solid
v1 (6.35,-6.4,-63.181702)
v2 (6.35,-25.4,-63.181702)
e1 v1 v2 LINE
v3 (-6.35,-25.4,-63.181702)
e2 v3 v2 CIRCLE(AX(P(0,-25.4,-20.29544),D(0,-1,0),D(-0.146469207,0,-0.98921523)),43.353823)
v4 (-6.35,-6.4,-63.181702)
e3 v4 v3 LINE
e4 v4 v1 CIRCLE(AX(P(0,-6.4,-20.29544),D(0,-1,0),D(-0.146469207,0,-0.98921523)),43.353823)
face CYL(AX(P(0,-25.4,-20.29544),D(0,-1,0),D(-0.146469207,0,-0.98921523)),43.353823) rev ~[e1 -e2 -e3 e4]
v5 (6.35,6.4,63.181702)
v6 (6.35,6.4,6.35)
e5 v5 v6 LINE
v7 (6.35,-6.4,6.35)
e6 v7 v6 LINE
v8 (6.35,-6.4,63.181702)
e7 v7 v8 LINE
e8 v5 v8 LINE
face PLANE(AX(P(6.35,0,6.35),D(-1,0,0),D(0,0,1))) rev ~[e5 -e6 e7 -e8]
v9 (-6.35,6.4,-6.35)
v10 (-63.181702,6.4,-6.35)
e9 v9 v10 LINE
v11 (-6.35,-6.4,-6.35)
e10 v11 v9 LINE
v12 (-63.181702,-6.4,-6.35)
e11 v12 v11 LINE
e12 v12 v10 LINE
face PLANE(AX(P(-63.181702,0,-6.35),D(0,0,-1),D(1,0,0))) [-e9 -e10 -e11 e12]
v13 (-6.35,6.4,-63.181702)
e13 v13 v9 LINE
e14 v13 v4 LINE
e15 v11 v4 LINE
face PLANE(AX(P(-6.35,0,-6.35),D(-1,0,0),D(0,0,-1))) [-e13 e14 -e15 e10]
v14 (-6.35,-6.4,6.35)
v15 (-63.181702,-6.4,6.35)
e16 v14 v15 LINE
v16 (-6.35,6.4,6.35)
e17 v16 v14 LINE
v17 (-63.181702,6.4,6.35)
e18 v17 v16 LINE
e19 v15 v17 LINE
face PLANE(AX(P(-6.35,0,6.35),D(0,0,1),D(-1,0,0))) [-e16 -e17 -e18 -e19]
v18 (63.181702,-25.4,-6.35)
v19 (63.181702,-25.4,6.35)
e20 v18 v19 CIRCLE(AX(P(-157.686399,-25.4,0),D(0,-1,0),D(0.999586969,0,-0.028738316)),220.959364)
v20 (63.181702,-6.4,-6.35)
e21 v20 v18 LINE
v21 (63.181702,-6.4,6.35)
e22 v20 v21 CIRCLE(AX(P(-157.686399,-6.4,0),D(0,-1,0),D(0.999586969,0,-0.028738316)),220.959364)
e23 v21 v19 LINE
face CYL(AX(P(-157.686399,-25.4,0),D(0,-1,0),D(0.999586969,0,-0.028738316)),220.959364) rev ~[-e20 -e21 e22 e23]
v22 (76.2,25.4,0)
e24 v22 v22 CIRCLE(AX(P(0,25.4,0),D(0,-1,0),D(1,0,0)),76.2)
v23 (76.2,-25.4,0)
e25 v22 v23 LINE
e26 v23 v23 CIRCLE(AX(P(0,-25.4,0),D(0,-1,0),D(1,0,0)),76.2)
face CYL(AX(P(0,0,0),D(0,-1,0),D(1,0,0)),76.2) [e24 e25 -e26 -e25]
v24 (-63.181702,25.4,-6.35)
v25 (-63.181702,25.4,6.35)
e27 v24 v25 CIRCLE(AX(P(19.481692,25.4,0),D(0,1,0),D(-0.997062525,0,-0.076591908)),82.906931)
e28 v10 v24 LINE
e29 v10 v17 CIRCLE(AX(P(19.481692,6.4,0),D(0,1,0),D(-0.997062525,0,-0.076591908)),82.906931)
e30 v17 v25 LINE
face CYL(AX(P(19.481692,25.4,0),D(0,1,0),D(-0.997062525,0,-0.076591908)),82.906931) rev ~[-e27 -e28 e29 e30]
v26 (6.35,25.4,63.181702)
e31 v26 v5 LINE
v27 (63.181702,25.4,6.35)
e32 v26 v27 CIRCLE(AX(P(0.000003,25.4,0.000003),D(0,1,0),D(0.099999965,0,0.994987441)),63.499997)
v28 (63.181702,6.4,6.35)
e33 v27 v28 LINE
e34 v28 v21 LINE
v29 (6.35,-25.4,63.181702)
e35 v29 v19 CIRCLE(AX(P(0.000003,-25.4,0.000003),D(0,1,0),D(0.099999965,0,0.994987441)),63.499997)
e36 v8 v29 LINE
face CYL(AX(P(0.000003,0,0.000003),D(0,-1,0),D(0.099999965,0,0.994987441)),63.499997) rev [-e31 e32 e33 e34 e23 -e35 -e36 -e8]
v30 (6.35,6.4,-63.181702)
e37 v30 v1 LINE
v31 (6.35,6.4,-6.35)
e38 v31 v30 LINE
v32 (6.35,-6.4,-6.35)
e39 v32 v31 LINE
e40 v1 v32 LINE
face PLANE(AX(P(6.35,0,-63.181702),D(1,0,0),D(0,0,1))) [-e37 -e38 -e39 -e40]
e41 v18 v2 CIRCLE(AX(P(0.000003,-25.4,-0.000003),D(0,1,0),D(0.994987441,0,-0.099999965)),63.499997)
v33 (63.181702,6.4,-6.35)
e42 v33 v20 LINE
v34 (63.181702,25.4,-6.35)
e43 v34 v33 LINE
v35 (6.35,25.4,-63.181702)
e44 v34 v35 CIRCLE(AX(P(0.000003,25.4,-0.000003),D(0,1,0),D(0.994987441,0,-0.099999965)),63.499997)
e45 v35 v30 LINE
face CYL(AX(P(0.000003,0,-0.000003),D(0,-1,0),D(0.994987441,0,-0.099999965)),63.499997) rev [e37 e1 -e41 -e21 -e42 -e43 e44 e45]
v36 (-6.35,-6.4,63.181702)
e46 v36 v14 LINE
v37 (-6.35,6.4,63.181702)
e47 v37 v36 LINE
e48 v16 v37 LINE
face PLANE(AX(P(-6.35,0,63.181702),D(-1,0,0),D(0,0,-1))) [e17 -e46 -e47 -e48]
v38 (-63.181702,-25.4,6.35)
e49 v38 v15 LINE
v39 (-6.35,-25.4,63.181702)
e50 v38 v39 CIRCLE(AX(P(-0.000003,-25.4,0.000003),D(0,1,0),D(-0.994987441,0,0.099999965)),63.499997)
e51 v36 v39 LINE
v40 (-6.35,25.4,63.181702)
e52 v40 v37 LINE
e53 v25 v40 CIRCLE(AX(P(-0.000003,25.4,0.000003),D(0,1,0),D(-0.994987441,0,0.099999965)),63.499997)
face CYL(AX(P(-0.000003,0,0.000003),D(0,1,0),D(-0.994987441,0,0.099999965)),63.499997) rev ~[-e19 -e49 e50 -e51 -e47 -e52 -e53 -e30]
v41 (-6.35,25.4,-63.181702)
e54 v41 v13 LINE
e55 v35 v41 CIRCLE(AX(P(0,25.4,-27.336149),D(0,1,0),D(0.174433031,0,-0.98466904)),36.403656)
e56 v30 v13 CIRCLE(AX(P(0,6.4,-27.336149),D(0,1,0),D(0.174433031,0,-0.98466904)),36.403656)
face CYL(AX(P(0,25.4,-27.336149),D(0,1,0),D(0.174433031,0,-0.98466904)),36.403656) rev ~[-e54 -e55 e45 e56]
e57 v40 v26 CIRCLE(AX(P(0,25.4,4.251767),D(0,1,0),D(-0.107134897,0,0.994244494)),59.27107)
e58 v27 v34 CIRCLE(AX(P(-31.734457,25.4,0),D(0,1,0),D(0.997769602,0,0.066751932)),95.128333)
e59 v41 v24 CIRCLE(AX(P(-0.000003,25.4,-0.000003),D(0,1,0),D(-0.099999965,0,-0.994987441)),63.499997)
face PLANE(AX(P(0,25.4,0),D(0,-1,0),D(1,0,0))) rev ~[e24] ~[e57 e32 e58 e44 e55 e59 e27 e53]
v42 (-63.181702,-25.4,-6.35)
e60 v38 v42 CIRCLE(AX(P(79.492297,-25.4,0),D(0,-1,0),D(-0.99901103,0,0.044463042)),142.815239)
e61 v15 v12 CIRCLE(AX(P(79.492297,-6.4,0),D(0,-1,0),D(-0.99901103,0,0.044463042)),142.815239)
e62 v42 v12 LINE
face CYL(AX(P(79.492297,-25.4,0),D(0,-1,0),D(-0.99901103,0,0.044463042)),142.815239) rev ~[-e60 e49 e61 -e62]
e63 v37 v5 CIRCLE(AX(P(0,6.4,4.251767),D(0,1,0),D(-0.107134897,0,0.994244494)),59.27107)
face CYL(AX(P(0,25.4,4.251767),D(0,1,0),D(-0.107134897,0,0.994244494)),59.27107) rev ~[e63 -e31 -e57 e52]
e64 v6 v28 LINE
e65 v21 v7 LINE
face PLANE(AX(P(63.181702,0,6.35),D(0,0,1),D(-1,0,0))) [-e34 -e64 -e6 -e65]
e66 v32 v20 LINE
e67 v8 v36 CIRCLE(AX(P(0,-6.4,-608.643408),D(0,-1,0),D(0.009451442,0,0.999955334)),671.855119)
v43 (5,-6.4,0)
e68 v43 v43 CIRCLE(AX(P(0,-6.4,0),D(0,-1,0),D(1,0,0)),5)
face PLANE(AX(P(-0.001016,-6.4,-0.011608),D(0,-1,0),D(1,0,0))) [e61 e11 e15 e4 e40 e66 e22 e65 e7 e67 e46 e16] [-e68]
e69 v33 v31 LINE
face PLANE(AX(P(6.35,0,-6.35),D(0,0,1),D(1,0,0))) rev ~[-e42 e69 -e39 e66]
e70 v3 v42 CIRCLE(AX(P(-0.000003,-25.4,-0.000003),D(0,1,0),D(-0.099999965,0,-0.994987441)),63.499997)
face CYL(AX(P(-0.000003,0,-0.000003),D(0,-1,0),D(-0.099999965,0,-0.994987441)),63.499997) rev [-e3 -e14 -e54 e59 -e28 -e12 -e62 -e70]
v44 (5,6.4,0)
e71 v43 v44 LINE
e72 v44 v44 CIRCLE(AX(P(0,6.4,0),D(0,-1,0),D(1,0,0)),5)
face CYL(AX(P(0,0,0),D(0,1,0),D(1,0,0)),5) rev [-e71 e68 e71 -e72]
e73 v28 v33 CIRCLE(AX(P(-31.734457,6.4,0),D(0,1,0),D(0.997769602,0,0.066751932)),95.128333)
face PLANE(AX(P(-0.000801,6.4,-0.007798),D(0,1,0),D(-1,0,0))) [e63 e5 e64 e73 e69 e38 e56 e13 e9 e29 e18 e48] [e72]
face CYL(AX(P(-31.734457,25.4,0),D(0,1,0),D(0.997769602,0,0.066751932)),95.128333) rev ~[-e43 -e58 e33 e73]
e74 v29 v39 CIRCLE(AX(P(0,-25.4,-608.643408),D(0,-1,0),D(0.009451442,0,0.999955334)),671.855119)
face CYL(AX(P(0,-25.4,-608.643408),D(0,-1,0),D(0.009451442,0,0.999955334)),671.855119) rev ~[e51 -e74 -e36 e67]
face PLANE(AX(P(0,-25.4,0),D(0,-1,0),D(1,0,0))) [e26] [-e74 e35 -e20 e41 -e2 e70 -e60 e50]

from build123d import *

# Parameters (mm, degrees)
F0_R     = 76.2
F0_R_2   = 5
F1_DEPTH = 25.4
F2_R     = 5
F3_DEPTH = 19
F4_R     = 5
F5_DEPTH = 19


with BuildPart() as f1:
    # F0 (on Front) → F1 (new body, symmetric)
    with BuildSketch(Plane.XZ):
        Circle(F0_R)
        with BuildLine():
            ThreePointArc((-6.35, -63.181702), (-44.901281, -44.901281), (-63.181702, -6.35))
            Line((-63.181702, -6.35), (-6.35, -6.35))
            Line((-6.35, -6.35), (-6.35, -63.181702))
        make_face(mode=Mode.SUBTRACT)
        with BuildLine():
            Line((6.35, -6.35), (63.181702, -6.35))
            ThreePointArc((63.181702, -6.35), (44.901281, -44.901281), (6.35, -63.181702))
            Line((6.35, -63.181702), (6.35, -6.35))
        make_face(mode=Mode.SUBTRACT)
        with BuildLine():
            ThreePointArc((-63.181702, 6.35), (-44.901281, 44.901281), (-6.35, 63.181702))
            Line((-6.35, 63.181702), (-6.35, 6.35))
            Line((-6.35, 6.35), (-63.181702, 6.35))
        make_face(mode=Mode.SUBTRACT)
        Circle(F0_R_2, mode=Mode.SUBTRACT)
        with BuildLine():
            Line((6.35, 6.35), (6.35, 63.181702))
            ThreePointArc((6.35, 63.181702), (44.901281, 44.901281), (63.181702, 6.35))
            Line((63.181702, 6.35), (6.35, 6.35))
        make_face(mode=Mode.SUBTRACT)
    extrude(amount=F1_DEPTH, both=True)

    # F2 (on face) → F3 (cut)
    with BuildSketch(Plane.XZ.offset(25.4)):
        with BuildLine():
            Line((-6.35, 6.35), (-63.181702, 6.35))
            ThreePointArc((-63.181702, 6.35), (-63.322942, 0), (-63.181702, -6.35))
            Line((-63.181702, -6.35), (-6.35, -6.35))
            Line((-6.35, -6.35), (-6.35, -63.181702))
            ThreePointArc((-6.35, -63.181702), (0, -63.649263), (6.35, -63.181702))
            Line((6.35, -63.181702), (6.35, -6.35))
            Line((6.35, -6.35), (63.181702, -6.35))
            ThreePointArc((63.181702, -6.35), (63.272965, 0), (63.181702, 6.35))
            Line((63.181702, 6.35), (6.35, 6.35))
            Line((6.35, 6.35), (6.35, 63.181702))
            ThreePointArc((6.35, 63.181702), (0, 63.211711), (-6.35, 63.181702))
            Line((-6.35, 63.181702), (-6.35, 6.35))
        make_face()
        Circle(F2_R, mode=Mode.SUBTRACT)
    extrude(amount=-F3_DEPTH, mode=Mode.SUBTRACT)

    # F4 (on face) → F5 (cut)
    with BuildSketch(Plane(origin=(0, 25.4, 0), x_dir=(-1, 0, 0), z_dir=(0, 1, 0))):
        with BuildLine():
            Line((6.35, 6.35), (6.35, 63.181702))
            ThreePointArc((6.35, 63.181702), (0, 63.522837), (-6.35, 63.181702))
            Line((-6.35, 63.181702), (-6.35, 6.35))
            Line((-6.35, 6.35), (-63.181702, 6.35))
            ThreePointArc((-63.181702, 6.35), (-63.393876, 0), (-63.181702, -6.35))
            Line((-63.181702, -6.35), (-6.35, -6.35))
            Line((-6.35, -6.35), (-6.35, -63.181702))
            ThreePointArc((-6.35, -63.181702), (0, -63.739805), (6.35, -63.181702))
            Line((6.35, -63.181702), (6.35, -6.35))
            Line((6.35, -6.35), (63.181702, -6.35))
            ThreePointArc((63.181702, -6.35), (63.425239, 0), (63.181702, 6.35))
            Line((63.181702, 6.35), (6.35, 6.35))
        make_face()
        Circle(F4_R, mode=Mode.SUBTRACT)
    extrude(amount=-F5_DEPTH, mode=Mode.SUBTRACT)


solid = f1.part
